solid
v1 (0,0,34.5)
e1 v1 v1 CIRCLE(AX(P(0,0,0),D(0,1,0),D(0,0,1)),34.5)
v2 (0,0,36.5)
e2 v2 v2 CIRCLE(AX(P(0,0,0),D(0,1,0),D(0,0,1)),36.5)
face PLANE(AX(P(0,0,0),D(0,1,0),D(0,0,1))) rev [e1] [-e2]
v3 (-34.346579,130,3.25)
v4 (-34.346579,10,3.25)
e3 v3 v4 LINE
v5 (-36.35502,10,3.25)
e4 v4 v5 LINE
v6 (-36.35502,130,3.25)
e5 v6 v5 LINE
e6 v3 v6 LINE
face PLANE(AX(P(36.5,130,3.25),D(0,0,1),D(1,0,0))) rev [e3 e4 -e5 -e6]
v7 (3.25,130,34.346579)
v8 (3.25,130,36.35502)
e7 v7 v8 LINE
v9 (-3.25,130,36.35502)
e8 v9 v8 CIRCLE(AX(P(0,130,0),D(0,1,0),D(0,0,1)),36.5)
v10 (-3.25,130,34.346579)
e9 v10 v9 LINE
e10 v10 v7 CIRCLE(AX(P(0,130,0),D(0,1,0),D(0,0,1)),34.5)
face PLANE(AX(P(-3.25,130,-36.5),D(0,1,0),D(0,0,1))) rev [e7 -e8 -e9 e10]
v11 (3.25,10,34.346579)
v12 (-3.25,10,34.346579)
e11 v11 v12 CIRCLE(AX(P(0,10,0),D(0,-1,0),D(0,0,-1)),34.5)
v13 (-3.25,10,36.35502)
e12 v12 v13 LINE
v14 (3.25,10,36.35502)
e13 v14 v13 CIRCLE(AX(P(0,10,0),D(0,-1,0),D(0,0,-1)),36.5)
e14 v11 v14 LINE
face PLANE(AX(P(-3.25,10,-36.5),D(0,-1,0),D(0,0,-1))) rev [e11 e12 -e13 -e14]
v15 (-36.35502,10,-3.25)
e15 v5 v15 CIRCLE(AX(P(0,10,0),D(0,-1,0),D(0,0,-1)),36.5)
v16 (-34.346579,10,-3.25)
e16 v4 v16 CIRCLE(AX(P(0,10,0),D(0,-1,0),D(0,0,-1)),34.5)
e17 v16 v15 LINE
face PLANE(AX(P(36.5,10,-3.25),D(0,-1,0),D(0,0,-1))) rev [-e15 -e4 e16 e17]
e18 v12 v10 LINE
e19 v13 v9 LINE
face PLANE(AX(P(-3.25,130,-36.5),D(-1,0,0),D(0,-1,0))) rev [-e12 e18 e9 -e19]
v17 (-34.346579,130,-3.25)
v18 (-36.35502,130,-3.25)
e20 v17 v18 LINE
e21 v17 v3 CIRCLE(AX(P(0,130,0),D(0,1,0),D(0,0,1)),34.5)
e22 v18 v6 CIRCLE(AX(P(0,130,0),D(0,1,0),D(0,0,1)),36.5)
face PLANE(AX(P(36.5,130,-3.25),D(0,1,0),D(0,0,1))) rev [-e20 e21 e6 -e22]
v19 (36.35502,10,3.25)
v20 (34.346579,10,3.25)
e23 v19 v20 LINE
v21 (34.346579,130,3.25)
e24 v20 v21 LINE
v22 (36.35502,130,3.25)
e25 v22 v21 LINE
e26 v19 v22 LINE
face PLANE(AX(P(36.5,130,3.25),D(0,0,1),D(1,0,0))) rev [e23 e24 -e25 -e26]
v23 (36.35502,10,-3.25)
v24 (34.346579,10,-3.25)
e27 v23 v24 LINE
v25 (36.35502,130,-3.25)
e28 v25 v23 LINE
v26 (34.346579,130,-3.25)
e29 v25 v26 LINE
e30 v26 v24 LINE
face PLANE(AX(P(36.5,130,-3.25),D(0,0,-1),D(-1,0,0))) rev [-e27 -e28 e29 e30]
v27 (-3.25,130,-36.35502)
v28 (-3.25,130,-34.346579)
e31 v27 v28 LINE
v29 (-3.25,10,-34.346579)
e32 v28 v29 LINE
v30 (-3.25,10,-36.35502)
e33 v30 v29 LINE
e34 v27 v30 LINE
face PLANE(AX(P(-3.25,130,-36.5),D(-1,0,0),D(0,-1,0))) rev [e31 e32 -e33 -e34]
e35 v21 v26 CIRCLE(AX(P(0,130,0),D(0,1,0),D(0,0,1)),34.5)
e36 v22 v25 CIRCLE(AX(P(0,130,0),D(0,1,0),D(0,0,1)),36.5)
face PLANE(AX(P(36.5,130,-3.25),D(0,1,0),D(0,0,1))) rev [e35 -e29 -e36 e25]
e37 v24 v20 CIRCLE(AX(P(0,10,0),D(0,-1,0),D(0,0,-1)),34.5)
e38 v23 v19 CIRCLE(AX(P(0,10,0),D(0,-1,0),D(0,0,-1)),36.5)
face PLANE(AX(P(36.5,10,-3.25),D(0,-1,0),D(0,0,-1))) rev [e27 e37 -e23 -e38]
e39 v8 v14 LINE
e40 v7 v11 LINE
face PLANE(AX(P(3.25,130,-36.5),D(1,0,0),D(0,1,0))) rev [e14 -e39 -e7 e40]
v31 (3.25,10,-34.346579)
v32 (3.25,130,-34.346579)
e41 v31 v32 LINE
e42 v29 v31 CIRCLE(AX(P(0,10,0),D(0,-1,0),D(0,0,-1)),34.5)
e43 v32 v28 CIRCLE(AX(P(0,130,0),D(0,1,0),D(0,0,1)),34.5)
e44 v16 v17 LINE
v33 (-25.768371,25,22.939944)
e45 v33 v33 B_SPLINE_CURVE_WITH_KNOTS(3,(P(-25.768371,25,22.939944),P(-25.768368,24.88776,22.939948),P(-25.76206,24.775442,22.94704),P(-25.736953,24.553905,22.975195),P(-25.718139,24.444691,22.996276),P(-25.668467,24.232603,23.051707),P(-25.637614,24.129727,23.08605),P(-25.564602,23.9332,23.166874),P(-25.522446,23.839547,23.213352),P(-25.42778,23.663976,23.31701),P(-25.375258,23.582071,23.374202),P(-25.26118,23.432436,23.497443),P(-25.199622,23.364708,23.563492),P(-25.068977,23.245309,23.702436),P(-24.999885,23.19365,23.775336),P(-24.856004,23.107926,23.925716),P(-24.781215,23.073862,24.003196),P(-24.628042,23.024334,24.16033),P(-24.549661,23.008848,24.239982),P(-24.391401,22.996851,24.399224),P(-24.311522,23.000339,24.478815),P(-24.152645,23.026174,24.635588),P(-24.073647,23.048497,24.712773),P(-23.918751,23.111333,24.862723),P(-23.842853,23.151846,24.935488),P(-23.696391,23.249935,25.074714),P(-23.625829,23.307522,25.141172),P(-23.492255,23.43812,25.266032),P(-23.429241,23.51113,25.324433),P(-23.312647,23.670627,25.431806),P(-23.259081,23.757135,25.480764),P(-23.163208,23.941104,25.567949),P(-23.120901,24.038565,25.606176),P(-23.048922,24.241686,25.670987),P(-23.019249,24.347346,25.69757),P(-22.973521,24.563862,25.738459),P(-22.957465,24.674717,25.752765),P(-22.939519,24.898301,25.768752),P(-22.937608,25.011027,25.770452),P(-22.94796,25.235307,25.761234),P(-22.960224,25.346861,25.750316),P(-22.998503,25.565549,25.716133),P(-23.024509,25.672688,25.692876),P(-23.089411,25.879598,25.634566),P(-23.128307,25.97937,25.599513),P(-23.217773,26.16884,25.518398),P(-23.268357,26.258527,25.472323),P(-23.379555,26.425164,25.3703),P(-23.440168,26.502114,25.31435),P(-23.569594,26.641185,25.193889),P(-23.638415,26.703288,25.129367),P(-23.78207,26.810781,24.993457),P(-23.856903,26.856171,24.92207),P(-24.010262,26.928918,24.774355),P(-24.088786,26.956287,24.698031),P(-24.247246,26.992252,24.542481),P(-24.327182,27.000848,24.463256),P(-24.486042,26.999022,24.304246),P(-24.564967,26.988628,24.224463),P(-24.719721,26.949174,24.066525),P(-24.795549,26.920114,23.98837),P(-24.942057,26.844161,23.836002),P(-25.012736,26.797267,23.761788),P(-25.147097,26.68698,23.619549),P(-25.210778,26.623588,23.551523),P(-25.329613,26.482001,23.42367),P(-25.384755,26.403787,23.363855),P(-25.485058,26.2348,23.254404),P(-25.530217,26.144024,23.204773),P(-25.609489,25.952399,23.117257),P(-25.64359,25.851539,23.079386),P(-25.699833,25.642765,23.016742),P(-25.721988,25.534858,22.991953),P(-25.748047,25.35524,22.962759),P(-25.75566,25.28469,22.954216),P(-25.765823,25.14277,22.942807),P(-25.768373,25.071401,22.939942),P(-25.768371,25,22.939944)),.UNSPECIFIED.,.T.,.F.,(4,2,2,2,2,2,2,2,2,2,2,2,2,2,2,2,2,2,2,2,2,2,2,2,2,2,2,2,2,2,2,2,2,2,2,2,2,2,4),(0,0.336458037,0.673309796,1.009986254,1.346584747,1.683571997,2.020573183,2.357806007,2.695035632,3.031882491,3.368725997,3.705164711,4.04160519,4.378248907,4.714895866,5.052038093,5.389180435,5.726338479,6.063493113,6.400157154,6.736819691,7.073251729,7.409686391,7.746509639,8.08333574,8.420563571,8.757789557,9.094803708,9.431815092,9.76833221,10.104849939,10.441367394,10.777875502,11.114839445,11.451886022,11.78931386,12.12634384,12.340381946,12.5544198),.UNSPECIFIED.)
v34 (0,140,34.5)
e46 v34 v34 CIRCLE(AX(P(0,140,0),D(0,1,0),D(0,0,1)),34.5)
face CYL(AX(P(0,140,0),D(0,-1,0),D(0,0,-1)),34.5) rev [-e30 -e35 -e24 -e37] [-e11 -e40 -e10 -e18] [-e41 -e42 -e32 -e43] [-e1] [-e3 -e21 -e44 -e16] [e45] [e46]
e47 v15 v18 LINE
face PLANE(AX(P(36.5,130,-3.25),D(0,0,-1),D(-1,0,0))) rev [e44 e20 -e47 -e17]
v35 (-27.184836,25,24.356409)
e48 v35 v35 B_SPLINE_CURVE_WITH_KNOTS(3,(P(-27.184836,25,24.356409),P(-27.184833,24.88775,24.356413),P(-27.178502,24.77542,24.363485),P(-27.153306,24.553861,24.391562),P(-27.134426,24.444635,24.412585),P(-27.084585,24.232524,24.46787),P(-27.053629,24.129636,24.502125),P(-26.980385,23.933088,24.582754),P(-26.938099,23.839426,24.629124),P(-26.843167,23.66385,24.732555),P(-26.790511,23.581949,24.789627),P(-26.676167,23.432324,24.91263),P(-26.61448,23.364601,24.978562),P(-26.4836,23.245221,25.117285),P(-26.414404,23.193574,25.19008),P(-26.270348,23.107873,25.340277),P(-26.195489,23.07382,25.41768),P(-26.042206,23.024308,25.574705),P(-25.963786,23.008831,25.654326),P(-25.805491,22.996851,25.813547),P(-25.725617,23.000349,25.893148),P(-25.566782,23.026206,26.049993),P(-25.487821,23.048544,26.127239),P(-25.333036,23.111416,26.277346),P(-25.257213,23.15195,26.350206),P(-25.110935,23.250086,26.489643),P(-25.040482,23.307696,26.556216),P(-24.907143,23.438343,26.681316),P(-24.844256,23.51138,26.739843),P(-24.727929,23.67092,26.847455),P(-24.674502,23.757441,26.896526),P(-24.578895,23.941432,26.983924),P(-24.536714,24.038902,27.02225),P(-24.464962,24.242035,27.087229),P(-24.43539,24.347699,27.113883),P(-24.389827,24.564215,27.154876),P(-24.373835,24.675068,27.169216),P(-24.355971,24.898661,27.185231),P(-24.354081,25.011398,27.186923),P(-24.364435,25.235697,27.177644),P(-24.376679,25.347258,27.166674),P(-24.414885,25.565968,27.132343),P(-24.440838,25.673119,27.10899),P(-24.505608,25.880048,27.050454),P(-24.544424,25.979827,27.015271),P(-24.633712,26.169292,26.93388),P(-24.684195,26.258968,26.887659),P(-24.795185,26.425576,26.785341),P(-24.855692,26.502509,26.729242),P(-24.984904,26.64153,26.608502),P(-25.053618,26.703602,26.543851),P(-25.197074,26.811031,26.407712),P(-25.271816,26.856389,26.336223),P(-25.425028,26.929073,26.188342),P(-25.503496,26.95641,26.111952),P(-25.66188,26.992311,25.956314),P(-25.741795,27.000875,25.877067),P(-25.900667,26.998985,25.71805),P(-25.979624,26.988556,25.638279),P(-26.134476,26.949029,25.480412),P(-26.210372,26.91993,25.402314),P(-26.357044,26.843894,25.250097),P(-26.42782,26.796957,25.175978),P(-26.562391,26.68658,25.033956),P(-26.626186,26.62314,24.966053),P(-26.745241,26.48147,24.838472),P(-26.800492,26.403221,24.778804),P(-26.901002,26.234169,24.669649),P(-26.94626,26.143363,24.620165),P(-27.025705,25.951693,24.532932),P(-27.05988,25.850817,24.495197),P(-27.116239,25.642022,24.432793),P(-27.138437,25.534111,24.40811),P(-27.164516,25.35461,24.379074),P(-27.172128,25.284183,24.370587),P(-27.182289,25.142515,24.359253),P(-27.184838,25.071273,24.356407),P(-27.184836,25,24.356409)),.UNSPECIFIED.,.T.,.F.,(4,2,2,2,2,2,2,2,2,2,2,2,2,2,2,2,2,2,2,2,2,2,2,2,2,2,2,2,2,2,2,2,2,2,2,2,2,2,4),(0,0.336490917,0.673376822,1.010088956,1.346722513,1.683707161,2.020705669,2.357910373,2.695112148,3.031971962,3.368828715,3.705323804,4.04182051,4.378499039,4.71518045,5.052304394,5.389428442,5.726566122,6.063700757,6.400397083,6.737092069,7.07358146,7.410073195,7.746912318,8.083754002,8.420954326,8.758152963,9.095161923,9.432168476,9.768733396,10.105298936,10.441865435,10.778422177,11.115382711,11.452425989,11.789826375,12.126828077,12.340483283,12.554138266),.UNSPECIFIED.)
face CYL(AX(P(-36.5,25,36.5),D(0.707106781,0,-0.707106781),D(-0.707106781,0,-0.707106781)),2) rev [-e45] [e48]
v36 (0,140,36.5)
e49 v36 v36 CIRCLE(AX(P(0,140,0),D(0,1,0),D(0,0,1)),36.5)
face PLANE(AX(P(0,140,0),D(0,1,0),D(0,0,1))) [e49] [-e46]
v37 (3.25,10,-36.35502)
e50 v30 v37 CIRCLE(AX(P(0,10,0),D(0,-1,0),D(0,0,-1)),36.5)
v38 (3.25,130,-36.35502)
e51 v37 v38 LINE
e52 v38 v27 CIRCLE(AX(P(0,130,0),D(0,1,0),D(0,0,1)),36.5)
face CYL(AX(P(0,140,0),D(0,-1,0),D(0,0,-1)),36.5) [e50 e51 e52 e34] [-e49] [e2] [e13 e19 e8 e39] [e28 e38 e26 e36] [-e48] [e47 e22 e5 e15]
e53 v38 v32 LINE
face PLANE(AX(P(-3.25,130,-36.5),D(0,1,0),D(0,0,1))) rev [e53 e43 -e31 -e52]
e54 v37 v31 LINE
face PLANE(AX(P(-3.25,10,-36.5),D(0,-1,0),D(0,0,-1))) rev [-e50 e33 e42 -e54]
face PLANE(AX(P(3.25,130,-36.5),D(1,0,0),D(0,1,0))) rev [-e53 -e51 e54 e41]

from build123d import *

# Parameters (mm, degrees)
SKETCH1_R           = 36.5
SKETCH1_R_2         = 34.5
BOSS_EXTRUDE1_DEPTH = 140
SKETCH3_W           = 6.5
SKETCH3_H           = 120
CUT_EXTRUDE1_DEPTH  = 150.212935096
CIRPATTERN1_COUNT   = 2
CIRPATTERN1_ANGLE   = 90
SKETCH4_R           = 2
CUT_EXTRUDE2_DEPTH  = 150.212935096


with BuildPart() as part:
    # Sketch1 → Boss-Extrude1 (new body)
    with BuildSketch(Plane(origin=(0, 0, 0), x_dir=(1, 0, 0), z_dir=(0, 1, 0))):
        Circle(SKETCH1_R)
        Circle(SKETCH1_R_2, mode=Mode.SUBTRACT)
    extrude(amount=BOSS_EXTRUDE1_DEPTH)

    # Sketch3 → Cut-Extrude1 (cut, symmetric)
    with BuildSketch(Plane.XY):
        with Locations((0, 70)):
            Rectangle(SKETCH3_W, SKETCH3_H)
    cut_extrude1 = extrude(amount=CUT_EXTRUDE1_DEPTH, both=True, mode=Mode.SUBTRACT)

    # CirPattern1: Cut-Extrude1 ×2 about axis
    cirpattern1_axis = Axis((0, 125, 0), (0, -1, 0))
    for i in range(1, CIRPATTERN1_COUNT):
        add(cut_extrude1.rotate(cirpattern1_axis, i * CIRPATTERN1_ANGLE / (CIRPATTERN1_COUNT - 1)), mode=Mode.SUBTRACT)

    # Sketch4 → Cut-Extrude2 (cut, through all)
    with BuildSketch(Plane(origin=(0, 0, 0), x_dir=(0.7071067811865477, 0, 0.7071067811865475), z_dir=(-0.7071067811865475, 0, 0.7071067811865477))):
        with Locations((0, 25)):
            Circle(SKETCH4_R)
    extrude(amount=CUT_EXTRUDE2_DEPTH, mode=Mode.SUBTRACT)


solid = part.part
